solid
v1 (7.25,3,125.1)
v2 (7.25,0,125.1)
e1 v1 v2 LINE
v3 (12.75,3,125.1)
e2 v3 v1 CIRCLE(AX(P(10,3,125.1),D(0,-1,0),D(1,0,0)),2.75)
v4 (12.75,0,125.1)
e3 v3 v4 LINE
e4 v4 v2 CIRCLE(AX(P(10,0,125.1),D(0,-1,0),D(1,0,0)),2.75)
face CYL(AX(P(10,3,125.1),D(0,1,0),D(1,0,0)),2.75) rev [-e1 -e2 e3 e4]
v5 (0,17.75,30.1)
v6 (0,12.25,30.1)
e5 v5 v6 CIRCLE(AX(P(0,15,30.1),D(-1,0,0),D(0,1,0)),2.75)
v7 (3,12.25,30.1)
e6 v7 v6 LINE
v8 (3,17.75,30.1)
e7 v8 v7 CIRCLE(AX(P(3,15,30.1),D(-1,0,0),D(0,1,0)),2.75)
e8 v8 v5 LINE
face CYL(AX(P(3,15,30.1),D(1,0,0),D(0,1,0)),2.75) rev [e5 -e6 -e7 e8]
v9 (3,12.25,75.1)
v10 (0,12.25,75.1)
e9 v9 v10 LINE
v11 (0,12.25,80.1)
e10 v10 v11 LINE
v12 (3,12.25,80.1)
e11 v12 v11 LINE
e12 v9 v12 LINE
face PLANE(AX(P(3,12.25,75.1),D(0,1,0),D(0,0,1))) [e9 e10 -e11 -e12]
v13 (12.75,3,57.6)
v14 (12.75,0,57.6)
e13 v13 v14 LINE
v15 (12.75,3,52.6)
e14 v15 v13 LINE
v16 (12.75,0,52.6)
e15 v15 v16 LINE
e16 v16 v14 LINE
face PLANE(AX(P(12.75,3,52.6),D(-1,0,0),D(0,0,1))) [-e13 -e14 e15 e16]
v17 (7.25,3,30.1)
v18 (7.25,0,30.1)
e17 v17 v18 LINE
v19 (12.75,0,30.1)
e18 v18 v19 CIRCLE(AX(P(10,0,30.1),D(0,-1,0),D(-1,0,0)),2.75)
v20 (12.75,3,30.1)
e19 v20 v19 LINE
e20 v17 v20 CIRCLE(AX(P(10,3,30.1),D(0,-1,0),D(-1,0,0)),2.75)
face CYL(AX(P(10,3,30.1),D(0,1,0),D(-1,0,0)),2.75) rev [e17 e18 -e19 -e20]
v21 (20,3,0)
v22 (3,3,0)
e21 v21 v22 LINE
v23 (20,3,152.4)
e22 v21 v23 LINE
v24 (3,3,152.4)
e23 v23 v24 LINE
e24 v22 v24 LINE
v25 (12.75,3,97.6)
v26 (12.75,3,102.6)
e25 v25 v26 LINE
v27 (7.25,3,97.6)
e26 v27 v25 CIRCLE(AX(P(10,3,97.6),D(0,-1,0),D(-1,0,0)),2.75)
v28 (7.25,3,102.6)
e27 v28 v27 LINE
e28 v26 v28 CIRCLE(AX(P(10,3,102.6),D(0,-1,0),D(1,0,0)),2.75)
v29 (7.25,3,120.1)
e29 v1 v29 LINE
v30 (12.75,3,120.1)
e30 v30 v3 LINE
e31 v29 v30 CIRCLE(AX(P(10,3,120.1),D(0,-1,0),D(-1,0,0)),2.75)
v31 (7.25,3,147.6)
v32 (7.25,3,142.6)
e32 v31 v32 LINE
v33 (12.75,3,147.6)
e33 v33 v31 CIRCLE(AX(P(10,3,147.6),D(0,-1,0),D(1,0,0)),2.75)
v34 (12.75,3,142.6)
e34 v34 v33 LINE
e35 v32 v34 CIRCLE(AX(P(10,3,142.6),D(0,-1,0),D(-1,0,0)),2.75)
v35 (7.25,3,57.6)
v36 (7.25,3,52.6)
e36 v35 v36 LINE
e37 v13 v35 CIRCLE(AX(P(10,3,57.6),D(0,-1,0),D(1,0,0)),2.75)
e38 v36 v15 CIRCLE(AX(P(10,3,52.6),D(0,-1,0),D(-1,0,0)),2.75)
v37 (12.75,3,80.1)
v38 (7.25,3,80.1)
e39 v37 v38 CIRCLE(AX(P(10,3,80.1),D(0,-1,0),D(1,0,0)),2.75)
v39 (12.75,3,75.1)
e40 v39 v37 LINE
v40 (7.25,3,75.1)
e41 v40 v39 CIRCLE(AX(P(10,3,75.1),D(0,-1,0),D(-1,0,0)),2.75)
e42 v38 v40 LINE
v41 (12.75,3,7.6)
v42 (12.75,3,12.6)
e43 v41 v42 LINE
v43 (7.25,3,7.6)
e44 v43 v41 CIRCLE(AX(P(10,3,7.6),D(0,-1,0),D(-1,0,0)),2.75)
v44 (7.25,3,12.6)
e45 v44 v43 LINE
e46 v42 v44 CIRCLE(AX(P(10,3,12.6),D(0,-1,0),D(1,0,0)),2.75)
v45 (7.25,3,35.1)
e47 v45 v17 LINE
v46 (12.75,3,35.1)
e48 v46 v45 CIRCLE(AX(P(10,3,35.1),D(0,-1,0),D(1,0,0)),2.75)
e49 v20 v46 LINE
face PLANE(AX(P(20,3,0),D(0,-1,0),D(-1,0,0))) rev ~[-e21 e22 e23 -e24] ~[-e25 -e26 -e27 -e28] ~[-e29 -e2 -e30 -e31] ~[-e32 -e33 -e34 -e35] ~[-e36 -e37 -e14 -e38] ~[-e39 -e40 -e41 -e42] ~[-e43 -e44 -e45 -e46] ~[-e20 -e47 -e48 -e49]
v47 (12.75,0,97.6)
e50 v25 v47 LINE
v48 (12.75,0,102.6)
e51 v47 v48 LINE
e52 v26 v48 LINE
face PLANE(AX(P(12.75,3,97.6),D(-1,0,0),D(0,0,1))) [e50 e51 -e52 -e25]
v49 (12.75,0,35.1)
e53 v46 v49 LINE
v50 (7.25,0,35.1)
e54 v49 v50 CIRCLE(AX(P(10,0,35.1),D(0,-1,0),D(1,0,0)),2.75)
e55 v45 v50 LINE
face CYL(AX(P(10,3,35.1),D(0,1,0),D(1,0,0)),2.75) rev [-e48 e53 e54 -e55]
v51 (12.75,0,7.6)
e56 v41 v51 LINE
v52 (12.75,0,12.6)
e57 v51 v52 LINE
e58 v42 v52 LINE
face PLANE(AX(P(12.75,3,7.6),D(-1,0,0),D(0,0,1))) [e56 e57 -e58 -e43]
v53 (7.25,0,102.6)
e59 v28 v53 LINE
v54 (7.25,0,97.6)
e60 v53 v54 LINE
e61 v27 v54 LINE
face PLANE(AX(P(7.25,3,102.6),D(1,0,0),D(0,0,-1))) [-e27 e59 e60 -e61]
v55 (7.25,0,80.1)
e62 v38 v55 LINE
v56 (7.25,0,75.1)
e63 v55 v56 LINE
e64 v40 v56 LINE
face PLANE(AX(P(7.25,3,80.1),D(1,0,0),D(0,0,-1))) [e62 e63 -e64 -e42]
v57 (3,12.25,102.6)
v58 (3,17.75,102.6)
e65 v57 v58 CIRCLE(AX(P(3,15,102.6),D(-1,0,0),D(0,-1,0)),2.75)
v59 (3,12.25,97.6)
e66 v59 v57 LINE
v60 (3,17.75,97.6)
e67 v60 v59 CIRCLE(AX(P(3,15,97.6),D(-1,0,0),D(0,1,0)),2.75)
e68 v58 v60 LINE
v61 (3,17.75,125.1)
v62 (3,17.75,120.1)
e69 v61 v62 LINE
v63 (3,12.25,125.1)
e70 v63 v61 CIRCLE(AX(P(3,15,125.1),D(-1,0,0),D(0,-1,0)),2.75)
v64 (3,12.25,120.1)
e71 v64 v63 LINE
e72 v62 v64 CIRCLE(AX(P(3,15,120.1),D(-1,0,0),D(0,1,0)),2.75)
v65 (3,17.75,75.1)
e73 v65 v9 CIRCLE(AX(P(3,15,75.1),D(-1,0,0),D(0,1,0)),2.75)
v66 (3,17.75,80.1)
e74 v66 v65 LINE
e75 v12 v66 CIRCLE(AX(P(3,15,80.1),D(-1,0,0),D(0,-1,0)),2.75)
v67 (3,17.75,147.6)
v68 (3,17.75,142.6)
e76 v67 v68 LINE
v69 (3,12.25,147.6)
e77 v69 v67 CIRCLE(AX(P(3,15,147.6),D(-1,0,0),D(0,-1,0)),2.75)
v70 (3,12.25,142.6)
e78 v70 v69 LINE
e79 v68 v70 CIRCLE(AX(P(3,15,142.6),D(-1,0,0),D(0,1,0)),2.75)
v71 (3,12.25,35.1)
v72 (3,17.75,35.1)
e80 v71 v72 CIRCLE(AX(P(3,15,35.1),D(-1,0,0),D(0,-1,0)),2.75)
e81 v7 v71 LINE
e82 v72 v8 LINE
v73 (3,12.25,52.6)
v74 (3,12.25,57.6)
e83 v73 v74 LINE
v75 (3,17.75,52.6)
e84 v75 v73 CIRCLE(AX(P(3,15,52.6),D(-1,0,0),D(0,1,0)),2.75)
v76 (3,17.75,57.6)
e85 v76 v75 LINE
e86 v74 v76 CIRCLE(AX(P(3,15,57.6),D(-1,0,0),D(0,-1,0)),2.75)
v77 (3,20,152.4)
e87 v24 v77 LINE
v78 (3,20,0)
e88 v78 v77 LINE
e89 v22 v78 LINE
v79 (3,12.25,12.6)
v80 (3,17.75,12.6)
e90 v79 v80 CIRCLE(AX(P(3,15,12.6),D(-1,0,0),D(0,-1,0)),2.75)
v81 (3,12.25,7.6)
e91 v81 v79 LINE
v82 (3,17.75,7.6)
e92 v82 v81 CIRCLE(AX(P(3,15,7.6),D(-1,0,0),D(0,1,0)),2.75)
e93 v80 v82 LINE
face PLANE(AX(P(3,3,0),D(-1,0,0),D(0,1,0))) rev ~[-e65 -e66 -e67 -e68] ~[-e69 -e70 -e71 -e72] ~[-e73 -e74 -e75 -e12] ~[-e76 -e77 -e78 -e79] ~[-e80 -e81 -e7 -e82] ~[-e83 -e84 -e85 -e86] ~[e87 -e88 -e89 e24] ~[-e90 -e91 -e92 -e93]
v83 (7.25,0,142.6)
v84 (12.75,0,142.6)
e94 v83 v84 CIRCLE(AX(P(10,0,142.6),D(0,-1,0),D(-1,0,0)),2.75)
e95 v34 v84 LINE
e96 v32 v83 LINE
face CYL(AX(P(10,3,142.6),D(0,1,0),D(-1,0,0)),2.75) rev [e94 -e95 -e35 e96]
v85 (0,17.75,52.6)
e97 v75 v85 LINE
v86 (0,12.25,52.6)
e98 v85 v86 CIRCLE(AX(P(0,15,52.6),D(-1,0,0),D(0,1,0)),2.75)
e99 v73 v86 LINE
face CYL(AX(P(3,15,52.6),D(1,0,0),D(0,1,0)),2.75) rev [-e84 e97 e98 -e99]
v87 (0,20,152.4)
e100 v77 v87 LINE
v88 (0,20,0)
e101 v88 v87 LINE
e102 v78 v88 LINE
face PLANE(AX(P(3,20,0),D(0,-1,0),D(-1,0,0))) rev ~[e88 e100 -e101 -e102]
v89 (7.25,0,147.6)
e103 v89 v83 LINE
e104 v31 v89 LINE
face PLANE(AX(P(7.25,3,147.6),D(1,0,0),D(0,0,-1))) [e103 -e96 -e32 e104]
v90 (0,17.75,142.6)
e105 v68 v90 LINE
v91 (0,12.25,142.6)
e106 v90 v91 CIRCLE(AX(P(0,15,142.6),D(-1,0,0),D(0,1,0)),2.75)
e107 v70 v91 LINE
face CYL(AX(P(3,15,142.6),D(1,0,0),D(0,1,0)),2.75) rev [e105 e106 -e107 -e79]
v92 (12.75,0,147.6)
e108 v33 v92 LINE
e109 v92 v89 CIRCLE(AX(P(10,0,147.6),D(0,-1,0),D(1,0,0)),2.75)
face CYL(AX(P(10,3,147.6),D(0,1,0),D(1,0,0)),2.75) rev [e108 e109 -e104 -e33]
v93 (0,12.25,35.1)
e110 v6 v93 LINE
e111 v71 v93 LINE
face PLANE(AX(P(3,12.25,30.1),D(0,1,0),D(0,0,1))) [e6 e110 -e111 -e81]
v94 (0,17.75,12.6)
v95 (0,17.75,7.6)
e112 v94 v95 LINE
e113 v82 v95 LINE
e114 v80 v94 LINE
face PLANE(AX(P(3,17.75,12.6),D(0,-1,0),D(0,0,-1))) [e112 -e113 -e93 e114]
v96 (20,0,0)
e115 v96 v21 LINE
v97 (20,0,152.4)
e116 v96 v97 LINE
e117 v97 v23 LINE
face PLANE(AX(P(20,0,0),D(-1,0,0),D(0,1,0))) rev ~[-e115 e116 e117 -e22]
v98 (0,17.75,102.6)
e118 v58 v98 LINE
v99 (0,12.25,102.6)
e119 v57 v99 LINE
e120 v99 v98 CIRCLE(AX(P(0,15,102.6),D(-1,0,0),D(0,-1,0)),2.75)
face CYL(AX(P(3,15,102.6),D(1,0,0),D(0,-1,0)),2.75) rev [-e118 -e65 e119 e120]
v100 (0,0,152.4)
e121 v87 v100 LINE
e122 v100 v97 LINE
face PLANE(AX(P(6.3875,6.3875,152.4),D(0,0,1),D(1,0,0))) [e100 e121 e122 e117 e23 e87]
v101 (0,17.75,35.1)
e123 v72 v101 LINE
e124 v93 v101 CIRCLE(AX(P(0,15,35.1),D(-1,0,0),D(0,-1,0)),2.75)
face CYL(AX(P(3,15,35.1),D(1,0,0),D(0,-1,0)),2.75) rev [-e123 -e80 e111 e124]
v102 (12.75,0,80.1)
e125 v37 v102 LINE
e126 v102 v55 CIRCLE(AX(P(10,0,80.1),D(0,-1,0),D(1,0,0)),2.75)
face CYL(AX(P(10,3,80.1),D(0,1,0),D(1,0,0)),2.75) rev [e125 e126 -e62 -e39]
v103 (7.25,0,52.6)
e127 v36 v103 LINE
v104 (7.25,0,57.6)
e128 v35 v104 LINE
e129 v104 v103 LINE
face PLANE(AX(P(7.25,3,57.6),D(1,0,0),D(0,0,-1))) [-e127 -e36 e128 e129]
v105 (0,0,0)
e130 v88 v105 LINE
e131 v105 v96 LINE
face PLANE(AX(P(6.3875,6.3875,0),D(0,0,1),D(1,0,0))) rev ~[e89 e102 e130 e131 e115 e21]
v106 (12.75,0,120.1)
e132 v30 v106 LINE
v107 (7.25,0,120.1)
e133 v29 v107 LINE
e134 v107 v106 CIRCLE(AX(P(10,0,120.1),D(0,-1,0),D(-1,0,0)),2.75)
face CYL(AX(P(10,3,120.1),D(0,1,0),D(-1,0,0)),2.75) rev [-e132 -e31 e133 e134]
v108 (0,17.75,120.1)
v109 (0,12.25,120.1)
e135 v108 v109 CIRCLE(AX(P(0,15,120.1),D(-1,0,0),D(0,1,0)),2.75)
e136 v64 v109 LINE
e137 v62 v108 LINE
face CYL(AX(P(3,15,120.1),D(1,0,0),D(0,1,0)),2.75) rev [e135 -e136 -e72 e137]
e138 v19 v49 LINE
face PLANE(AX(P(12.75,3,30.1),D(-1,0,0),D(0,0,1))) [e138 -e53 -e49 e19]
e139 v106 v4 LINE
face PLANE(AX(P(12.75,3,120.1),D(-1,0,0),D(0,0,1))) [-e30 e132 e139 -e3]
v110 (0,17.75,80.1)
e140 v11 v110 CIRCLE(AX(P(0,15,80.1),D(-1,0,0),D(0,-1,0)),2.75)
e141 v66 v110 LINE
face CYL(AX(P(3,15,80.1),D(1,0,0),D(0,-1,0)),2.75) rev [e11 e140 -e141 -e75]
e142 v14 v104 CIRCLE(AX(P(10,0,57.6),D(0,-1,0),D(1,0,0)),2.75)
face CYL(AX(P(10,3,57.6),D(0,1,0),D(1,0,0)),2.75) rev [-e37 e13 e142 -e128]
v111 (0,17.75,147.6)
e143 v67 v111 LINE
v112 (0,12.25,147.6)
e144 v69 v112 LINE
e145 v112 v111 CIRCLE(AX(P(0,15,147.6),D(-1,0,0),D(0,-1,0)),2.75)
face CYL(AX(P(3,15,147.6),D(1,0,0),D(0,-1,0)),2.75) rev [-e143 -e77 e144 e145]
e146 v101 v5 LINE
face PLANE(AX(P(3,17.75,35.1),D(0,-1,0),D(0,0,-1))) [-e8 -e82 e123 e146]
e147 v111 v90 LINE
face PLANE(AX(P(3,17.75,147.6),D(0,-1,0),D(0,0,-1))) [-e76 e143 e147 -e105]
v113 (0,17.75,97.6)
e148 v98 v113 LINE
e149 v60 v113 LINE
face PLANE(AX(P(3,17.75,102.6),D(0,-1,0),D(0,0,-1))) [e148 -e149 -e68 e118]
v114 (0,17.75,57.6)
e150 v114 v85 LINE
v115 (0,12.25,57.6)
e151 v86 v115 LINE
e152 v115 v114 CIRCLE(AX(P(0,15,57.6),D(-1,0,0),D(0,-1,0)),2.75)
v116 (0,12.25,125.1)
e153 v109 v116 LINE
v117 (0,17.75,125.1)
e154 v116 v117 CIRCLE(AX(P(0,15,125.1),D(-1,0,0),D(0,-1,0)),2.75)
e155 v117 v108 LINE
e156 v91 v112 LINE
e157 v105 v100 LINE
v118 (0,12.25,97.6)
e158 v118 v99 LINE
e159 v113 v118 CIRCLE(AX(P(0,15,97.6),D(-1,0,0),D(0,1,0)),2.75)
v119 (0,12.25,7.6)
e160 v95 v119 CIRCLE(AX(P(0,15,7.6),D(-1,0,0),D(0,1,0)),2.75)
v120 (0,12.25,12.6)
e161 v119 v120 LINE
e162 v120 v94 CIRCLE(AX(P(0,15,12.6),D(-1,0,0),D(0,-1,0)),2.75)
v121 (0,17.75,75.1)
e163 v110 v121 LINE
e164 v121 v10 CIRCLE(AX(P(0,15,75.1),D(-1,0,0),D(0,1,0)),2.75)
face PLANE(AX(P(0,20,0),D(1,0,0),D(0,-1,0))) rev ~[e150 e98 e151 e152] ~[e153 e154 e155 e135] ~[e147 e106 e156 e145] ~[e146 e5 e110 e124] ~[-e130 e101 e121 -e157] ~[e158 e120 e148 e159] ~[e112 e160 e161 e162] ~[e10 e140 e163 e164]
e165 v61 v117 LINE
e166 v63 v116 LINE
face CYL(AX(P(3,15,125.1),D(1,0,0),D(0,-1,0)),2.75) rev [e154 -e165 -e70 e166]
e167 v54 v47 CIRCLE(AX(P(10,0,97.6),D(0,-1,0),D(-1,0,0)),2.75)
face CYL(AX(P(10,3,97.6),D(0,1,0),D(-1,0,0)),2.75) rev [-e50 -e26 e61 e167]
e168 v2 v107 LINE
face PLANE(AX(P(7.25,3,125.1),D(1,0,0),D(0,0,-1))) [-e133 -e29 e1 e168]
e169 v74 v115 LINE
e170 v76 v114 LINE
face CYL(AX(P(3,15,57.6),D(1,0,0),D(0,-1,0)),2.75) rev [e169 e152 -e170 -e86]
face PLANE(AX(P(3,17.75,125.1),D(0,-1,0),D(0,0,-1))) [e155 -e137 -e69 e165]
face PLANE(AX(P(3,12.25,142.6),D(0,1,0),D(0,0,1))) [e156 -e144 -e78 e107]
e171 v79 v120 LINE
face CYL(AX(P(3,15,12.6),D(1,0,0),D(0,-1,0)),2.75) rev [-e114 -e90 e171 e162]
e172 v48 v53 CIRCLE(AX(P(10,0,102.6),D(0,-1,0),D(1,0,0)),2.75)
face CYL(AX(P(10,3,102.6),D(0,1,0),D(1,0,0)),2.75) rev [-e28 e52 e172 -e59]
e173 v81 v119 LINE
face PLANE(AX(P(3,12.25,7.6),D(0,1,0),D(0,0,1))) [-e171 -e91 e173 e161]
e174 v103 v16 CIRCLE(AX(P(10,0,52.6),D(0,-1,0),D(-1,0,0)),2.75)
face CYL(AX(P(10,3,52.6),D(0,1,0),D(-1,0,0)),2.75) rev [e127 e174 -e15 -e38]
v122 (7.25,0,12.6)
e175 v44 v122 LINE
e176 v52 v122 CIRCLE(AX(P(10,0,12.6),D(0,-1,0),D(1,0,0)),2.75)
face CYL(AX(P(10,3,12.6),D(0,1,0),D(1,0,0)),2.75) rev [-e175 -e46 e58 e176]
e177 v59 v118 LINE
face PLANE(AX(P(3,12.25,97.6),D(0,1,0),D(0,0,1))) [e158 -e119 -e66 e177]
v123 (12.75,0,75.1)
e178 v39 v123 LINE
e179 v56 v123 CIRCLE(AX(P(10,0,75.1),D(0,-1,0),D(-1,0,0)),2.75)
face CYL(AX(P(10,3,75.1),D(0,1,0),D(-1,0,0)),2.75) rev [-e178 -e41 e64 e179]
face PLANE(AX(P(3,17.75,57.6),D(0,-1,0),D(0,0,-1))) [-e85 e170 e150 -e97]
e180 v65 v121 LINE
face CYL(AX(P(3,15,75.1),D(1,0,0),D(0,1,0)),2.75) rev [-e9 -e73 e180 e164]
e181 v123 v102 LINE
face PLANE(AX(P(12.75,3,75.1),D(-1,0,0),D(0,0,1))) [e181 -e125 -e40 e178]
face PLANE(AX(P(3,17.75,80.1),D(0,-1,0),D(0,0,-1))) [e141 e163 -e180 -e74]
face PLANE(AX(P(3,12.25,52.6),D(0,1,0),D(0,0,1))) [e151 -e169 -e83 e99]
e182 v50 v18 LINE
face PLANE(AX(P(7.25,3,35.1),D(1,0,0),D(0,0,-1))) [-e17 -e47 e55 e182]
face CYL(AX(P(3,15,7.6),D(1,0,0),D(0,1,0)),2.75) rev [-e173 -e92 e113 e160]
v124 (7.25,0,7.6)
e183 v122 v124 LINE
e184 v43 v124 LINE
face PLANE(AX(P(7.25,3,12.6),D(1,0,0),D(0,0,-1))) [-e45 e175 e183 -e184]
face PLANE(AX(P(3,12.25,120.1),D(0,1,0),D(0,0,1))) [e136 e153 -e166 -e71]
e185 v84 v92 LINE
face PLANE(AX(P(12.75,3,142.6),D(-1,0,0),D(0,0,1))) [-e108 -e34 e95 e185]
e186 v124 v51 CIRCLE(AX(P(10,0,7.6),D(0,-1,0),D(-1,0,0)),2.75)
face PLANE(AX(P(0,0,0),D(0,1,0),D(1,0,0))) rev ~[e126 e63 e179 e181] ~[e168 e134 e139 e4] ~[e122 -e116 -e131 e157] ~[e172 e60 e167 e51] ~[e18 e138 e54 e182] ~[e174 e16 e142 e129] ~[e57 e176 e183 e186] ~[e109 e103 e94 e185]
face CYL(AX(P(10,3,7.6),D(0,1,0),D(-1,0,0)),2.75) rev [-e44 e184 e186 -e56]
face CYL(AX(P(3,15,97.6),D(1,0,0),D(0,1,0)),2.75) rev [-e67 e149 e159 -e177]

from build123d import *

# Parameters (mm, degrees)
EXTRUDE_THIN1_DEPTH = 152.4
CUT_EXTRUDE1_DEPTH  = 3
CUT_EXTRUDE2_DEPTH  = 3
LPATTERN1_COUNT     = 4
LPATTERN1_PITCH     = 45
LPATTERN2_COUNT     = 4
LPATTERN2_PITCH     = 45


with BuildPart() as part:
    # Sketch1 → Extrude-Thin1 (new body)
    with BuildSketch(Plane.XY):
        Polygon((0, 20), (0, 0), (20, 0), (20, 3), (3, 3), (3, 20), align=None)
    extrude(amount=EXTRUDE_THIN1_DEPTH)

    # Sketch2 → Cut-Extrude1 (cut)
    with BuildSketch(Plane(origin=(0, 3, 0), x_dir=(1, 0, 0), z_dir=(0, 1, 0))):
        with BuildLine():
            Line((7.25, -147.6), (7.25, -142.6))
            ThreePointArc((7.25, -142.6), (10, -139.85), (12.75, -142.6))
            Line((12.75, -142.6), (12.75, -147.6))
            ThreePointArc((12.75, -147.6), (10, -150.35), (7.25, -147.6))
        make_face()
        with BuildLine():
            Line((12.75, -120.1), (12.75, -125.1))
            ThreePointArc((12.75, -125.1), (10, -127.85), (7.25, -125.1))
            Line((7.25, -125.1), (7.25, -120.1))
            ThreePointArc((7.25, -120.1), (10, -117.35), (12.75, -120.1))
        make_face()
        with BuildLine():
            Line((7.25, -102.6), (7.25, -97.6))
            ThreePointArc((7.25, -97.6), (10, -94.85), (12.75, -97.6))
            Line((12.75, -97.6), (12.75, -102.6))
            ThreePointArc((12.75, -102.6), (10, -105.35), (7.25, -102.6))
        make_face()
    cut_extrude1 = extrude(amount=-CUT_EXTRUDE1_DEPTH, mode=Mode.SUBTRACT)

    # Sketch3 → Cut-Extrude2 (cut)
    with BuildSketch(Plane(origin=(3, 0, 0), x_dir=(0, 0, -1), z_dir=(1, 0, 0))):
        with BuildLine():
            Line((-147.6, 17.75), (-142.6, 17.75))
            ThreePointArc((-142.6, 17.75), (-139.85, 15), (-142.6, 12.25))
            Line((-142.6, 12.25), (-147.6, 12.25))
            ThreePointArc((-147.6, 12.25), (-150.35, 15), (-147.6, 17.75))
        make_face()
        with BuildLine():
            Line((-125.1, 17.75), (-120.1, 17.75))
            ThreePointArc((-120.1, 17.75), (-117.35, 15), (-120.1, 12.25))
            Line((-120.1, 12.25), (-125.1, 12.25))
            ThreePointArc((-125.1, 12.25), (-127.85, 15), (-125.1, 17.75))
        make_face()
        with BuildLine():
            Line((-102.6, 17.75), (-97.6, 17.75))
            ThreePointArc((-97.6, 17.75), (-94.85, 15), (-97.6, 12.25))
            Line((-97.6, 12.25), (-102.6, 12.25))
            ThreePointArc((-102.6, 12.25), (-105.35, 15), (-102.6, 17.75))
        make_face()
    cut_extrude2 = extrude(amount=-CUT_EXTRUDE2_DEPTH, mode=Mode.SUBTRACT)

    # LPattern1: Cut-Extrude1 ×4
    with Locations(*[(0, 0, -i * LPATTERN1_PITCH) for i in range(1, LPATTERN1_COUNT)]):
        add(cut_extrude1, mode=Mode.SUBTRACT)

    # LPattern2: Cut-Extrude2 ×4
    with Locations(*[(0, 0, -i * LPATTERN2_PITCH) for i in range(1, LPATTERN2_COUNT)]):
        add(cut_extrude2, mode=Mode.SUBTRACT)


solid = part.part
